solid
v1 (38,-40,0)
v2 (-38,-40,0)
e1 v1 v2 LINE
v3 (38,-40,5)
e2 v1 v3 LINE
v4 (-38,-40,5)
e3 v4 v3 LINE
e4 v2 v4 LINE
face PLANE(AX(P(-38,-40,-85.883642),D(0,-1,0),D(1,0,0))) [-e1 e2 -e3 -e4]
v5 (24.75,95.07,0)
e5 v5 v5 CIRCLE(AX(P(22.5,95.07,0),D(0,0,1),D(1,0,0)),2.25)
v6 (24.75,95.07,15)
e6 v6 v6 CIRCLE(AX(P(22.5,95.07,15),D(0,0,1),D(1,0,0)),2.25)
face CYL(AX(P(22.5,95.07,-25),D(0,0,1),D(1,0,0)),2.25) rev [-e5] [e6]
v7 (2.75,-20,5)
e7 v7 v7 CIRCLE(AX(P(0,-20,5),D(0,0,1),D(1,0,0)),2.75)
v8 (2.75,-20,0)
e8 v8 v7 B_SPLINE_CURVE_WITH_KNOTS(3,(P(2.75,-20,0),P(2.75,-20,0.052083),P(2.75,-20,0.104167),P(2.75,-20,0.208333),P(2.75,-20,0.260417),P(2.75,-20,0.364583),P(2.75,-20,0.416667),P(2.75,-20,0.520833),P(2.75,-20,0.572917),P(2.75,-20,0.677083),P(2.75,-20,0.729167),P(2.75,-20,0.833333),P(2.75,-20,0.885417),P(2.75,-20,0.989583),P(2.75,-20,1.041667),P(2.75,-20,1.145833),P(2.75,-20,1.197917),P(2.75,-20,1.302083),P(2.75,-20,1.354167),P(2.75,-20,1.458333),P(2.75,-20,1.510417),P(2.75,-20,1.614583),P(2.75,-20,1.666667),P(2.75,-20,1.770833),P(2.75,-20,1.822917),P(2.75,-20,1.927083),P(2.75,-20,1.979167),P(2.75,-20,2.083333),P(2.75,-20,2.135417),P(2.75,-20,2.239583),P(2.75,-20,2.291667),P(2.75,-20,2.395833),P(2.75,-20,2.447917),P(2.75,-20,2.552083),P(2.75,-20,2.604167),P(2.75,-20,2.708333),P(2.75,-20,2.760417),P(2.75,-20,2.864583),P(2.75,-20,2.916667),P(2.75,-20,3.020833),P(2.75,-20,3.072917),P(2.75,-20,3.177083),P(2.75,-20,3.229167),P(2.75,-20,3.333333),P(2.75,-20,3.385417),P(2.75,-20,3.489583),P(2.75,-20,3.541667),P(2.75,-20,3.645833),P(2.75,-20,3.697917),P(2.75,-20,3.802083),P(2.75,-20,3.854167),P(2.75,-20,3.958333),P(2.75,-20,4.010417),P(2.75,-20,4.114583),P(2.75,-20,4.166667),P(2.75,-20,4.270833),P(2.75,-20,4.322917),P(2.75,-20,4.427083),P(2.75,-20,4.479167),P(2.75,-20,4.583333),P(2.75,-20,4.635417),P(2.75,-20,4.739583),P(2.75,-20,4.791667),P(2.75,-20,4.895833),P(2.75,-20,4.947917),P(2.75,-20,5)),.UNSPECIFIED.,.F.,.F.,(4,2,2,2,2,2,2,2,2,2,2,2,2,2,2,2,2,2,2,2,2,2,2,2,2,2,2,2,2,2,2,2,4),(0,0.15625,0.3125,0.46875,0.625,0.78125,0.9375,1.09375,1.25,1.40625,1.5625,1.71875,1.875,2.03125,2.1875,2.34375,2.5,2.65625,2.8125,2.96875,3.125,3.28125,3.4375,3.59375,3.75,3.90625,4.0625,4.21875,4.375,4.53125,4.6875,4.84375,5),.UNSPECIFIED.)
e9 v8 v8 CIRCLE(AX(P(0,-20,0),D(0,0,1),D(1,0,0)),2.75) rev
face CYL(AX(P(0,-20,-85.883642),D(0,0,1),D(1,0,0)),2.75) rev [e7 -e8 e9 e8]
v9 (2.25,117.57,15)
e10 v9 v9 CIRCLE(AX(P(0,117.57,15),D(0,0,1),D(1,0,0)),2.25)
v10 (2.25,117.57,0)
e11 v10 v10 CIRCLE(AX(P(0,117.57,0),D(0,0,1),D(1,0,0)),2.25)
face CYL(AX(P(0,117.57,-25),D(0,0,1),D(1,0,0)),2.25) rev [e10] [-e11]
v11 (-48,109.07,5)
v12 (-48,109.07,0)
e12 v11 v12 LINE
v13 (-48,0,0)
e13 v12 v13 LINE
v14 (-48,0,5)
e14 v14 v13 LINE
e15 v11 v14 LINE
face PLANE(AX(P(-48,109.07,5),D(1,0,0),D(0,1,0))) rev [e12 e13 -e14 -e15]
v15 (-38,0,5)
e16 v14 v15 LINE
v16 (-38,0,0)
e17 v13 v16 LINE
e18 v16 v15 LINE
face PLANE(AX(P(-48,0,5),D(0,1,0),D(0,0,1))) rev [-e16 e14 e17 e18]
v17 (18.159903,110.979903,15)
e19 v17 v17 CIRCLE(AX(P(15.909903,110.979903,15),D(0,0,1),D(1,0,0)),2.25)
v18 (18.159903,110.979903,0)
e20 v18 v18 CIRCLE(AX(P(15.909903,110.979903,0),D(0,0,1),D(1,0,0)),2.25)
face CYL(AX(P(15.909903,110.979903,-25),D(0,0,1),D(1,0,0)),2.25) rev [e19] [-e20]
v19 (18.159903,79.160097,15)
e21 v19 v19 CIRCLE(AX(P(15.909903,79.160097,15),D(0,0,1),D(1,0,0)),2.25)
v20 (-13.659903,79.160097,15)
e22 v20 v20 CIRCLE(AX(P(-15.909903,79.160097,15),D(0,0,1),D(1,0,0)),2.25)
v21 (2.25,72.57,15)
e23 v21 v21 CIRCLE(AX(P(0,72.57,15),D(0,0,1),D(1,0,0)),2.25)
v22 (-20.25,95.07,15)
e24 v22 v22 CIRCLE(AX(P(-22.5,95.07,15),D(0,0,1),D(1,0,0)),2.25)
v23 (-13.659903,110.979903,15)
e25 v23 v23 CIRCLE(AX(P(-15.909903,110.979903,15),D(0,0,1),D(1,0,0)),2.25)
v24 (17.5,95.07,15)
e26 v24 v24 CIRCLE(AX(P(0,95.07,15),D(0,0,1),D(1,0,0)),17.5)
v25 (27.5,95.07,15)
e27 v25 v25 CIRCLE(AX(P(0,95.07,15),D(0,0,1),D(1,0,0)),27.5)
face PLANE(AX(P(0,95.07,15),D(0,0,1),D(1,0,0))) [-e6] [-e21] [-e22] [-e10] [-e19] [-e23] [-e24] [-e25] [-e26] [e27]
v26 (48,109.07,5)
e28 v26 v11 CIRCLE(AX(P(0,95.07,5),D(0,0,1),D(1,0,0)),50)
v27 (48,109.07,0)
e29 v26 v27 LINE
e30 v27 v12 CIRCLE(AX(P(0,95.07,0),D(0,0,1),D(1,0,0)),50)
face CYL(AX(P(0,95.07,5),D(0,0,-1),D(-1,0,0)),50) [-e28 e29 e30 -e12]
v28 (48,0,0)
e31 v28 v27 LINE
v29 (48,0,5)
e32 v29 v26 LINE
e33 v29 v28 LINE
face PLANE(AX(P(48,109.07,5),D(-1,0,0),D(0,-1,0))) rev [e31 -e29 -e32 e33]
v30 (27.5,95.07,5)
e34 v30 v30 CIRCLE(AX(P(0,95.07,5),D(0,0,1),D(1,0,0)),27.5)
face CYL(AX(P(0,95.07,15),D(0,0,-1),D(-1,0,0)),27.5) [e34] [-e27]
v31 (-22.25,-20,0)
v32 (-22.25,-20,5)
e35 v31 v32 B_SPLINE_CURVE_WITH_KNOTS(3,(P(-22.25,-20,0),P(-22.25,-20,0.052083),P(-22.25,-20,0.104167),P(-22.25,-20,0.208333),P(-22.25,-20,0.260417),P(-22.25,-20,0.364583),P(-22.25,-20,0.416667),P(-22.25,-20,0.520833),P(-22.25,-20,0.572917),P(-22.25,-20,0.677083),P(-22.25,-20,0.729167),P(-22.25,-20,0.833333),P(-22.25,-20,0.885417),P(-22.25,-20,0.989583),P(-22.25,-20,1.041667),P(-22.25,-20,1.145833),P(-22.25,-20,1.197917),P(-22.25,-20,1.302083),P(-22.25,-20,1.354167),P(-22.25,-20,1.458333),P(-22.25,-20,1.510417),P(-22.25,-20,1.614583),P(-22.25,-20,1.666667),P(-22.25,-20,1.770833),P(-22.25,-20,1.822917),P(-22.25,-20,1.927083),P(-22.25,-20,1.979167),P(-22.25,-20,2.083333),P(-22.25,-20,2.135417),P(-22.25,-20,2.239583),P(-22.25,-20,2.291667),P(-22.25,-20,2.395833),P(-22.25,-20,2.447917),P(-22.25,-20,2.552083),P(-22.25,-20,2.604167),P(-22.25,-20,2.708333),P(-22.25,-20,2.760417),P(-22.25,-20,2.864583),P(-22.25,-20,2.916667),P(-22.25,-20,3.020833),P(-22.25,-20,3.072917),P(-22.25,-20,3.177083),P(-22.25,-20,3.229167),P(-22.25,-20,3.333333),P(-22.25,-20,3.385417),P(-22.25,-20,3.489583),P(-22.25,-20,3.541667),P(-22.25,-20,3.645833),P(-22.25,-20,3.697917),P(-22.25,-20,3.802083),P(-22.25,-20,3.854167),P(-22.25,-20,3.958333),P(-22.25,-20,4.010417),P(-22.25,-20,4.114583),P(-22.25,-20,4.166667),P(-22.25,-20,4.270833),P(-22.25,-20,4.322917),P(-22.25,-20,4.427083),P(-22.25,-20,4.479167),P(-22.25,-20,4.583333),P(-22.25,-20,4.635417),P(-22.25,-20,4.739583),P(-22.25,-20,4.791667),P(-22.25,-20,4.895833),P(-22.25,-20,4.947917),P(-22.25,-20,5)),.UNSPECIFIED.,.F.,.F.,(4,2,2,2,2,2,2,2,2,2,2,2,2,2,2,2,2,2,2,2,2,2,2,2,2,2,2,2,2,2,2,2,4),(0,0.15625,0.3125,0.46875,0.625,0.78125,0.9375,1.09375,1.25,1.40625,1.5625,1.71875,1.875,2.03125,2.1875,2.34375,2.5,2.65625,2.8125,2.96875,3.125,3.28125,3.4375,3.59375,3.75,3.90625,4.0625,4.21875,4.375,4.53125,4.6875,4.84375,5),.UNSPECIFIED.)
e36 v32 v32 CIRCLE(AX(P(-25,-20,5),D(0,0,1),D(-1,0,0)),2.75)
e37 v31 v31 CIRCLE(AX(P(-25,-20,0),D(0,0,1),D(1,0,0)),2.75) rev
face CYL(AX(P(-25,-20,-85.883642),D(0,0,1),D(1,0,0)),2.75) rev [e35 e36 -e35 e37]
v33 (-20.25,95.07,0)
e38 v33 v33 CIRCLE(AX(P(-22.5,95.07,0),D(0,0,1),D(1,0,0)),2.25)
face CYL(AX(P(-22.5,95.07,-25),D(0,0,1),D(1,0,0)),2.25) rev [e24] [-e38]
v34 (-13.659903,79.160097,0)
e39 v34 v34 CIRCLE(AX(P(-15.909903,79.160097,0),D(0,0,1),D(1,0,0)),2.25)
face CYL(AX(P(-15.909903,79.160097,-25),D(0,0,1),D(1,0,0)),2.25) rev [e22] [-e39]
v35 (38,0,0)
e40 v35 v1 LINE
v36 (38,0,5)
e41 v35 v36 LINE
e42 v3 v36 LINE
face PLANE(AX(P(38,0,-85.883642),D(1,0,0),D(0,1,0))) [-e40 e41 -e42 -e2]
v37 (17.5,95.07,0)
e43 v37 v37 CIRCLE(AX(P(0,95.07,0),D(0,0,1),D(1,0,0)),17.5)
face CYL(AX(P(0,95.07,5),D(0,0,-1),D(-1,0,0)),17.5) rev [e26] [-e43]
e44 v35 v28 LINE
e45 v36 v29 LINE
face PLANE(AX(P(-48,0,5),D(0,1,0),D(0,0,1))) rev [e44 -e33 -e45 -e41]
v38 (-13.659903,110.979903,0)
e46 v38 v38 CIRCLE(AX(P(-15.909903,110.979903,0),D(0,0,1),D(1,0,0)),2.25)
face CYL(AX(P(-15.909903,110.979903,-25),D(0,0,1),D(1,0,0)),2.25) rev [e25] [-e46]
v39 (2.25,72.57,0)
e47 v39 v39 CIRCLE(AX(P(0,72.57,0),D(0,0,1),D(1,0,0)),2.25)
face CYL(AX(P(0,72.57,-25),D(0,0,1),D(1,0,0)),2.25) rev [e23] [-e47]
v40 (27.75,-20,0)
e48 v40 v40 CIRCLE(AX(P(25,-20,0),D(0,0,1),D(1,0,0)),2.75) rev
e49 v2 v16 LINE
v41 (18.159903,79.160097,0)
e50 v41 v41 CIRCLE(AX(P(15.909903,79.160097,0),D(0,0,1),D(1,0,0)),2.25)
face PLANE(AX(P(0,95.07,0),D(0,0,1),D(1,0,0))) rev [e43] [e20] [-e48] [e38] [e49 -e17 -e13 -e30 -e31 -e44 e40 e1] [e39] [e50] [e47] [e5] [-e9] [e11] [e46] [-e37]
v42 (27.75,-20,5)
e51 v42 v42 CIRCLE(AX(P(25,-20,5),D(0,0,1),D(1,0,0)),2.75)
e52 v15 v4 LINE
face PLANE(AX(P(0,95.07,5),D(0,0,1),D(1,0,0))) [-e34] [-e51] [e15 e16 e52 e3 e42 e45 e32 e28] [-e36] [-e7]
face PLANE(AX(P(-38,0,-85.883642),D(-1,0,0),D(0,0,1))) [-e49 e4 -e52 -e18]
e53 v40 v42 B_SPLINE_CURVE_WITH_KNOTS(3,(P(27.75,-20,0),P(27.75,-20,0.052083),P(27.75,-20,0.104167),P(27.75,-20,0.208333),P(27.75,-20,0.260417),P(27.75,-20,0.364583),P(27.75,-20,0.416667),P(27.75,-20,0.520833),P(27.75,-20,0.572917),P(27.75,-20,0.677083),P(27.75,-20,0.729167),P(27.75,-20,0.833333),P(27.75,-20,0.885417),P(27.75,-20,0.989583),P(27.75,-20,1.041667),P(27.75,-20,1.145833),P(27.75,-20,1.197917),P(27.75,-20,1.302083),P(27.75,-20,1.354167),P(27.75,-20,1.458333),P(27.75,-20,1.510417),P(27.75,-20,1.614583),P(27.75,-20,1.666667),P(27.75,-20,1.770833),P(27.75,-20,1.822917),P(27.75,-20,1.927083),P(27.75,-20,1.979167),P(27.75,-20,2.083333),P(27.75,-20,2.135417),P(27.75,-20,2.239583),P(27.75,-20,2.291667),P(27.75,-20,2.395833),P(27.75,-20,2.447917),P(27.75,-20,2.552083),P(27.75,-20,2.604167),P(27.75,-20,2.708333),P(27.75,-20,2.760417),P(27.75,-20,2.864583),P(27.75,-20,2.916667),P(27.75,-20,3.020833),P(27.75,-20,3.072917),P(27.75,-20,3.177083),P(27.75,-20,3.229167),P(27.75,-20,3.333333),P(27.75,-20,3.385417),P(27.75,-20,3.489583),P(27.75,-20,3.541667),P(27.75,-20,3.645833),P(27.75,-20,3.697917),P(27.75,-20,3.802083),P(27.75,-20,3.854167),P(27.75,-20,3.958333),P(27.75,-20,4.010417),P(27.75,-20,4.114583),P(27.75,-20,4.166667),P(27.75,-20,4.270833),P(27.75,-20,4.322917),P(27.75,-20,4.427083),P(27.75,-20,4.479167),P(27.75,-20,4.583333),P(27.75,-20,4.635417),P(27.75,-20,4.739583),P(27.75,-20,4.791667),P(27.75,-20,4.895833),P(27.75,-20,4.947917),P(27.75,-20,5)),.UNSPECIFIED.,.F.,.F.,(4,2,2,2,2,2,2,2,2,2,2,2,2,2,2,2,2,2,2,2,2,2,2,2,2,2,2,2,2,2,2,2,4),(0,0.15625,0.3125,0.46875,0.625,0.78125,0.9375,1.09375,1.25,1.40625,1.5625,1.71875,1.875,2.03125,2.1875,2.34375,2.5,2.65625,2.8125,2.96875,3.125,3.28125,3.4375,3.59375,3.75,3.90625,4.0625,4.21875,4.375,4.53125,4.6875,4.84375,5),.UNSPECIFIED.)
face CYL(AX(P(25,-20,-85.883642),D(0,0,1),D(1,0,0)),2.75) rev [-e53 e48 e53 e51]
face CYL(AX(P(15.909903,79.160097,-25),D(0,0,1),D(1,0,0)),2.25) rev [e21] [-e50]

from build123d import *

# Parameters (mm, degrees)
SKETCH_1_R          = 17.5
EXTRUDE_1_DEPTH     = 5
SKETCH_10_W         = 76
SKETCH_10_H         = 40
SKETCH_10_R         = 2.75
EXTRUDE_2_DEPTH     = 5
SKETCH_11_R         = 27.5
SKETCH_11_R_2       = 17.5
EXTRUDE_3_DEPTH     = 10
SKETCH_12_R         = 2.25
CUT_EXTRUDE_6_DEPTH = 40


with BuildPart() as part:
    # 草图1 → 凸台-拉伸1 (new body)
    with BuildSketch(Plane.XY):
        with BuildLine():
            Line((-48, 109.07), (-48, 0))
            Line((-48, 0), (48, 0))
            Line((48, 0), (48, 109.07))
            ThreePointArc((48, 109.07), (0, 145.07), (-48, 109.07))
        make_face()
        with Locations((0, 95.07)):
            Circle(SKETCH_1_R, mode=Mode.SUBTRACT)
    extrude(amount=EXTRUDE_1_DEPTH)

    # 草图10 → 凸台-拉伸2 (add)
    with BuildSketch(Plane.XY.offset(5)):
        with Locations((0, -20)):
            Rectangle(SKETCH_10_W, SKETCH_10_H)
        with Locations((25, -20)):
            Circle(SKETCH_10_R, mode=Mode.SUBTRACT)
        with Locations((-25, -20)):
            Circle(SKETCH_10_R, mode=Mode.SUBTRACT)
        with Locations((0, -20)):
            Circle(SKETCH_10_R, mode=Mode.SUBTRACT)
    extrude(amount=-EXTRUDE_2_DEPTH)

    # 草图11 → 凸台-拉伸3 (add)
    with BuildSketch(Plane.XY.offset(5)):
        with Locations((0, 95.07)):
            Circle(SKETCH_11_R)
        with Locations((0, 95.07)):
            Circle(SKETCH_11_R_2, mode=Mode.SUBTRACT)
    extrude(amount=EXTRUDE_3_DEPTH)

    # 草图12 → 切除-拉伸6 (cut)
    with BuildSketch(Plane.XY.offset(15)):
        with Locations((0, 117.57)):
            Circle(SKETCH_12_R)
        with Locations((15.909902577, 110.979902577)):
            Circle(SKETCH_12_R)
        with Locations((22.5, 95.07)):
            Circle(SKETCH_12_R)
        with Locations((15.909902577, 79.160097423)):
            Circle(SKETCH_12_R)
        with Locations((0, 72.57)):
            Circle(SKETCH_12_R)
        with Locations((-15.909902577, 79.160097423)):
            Circle(SKETCH_12_R)
        with Locations((-22.5, 95.07)):
            Circle(SKETCH_12_R)
        with Locations((-15.909902577, 110.979902577)):
            Circle(SKETCH_12_R)
    extrude(amount=-CUT_EXTRUDE_6_DEPTH, mode=Mode.SUBTRACT)


solid = part.part
